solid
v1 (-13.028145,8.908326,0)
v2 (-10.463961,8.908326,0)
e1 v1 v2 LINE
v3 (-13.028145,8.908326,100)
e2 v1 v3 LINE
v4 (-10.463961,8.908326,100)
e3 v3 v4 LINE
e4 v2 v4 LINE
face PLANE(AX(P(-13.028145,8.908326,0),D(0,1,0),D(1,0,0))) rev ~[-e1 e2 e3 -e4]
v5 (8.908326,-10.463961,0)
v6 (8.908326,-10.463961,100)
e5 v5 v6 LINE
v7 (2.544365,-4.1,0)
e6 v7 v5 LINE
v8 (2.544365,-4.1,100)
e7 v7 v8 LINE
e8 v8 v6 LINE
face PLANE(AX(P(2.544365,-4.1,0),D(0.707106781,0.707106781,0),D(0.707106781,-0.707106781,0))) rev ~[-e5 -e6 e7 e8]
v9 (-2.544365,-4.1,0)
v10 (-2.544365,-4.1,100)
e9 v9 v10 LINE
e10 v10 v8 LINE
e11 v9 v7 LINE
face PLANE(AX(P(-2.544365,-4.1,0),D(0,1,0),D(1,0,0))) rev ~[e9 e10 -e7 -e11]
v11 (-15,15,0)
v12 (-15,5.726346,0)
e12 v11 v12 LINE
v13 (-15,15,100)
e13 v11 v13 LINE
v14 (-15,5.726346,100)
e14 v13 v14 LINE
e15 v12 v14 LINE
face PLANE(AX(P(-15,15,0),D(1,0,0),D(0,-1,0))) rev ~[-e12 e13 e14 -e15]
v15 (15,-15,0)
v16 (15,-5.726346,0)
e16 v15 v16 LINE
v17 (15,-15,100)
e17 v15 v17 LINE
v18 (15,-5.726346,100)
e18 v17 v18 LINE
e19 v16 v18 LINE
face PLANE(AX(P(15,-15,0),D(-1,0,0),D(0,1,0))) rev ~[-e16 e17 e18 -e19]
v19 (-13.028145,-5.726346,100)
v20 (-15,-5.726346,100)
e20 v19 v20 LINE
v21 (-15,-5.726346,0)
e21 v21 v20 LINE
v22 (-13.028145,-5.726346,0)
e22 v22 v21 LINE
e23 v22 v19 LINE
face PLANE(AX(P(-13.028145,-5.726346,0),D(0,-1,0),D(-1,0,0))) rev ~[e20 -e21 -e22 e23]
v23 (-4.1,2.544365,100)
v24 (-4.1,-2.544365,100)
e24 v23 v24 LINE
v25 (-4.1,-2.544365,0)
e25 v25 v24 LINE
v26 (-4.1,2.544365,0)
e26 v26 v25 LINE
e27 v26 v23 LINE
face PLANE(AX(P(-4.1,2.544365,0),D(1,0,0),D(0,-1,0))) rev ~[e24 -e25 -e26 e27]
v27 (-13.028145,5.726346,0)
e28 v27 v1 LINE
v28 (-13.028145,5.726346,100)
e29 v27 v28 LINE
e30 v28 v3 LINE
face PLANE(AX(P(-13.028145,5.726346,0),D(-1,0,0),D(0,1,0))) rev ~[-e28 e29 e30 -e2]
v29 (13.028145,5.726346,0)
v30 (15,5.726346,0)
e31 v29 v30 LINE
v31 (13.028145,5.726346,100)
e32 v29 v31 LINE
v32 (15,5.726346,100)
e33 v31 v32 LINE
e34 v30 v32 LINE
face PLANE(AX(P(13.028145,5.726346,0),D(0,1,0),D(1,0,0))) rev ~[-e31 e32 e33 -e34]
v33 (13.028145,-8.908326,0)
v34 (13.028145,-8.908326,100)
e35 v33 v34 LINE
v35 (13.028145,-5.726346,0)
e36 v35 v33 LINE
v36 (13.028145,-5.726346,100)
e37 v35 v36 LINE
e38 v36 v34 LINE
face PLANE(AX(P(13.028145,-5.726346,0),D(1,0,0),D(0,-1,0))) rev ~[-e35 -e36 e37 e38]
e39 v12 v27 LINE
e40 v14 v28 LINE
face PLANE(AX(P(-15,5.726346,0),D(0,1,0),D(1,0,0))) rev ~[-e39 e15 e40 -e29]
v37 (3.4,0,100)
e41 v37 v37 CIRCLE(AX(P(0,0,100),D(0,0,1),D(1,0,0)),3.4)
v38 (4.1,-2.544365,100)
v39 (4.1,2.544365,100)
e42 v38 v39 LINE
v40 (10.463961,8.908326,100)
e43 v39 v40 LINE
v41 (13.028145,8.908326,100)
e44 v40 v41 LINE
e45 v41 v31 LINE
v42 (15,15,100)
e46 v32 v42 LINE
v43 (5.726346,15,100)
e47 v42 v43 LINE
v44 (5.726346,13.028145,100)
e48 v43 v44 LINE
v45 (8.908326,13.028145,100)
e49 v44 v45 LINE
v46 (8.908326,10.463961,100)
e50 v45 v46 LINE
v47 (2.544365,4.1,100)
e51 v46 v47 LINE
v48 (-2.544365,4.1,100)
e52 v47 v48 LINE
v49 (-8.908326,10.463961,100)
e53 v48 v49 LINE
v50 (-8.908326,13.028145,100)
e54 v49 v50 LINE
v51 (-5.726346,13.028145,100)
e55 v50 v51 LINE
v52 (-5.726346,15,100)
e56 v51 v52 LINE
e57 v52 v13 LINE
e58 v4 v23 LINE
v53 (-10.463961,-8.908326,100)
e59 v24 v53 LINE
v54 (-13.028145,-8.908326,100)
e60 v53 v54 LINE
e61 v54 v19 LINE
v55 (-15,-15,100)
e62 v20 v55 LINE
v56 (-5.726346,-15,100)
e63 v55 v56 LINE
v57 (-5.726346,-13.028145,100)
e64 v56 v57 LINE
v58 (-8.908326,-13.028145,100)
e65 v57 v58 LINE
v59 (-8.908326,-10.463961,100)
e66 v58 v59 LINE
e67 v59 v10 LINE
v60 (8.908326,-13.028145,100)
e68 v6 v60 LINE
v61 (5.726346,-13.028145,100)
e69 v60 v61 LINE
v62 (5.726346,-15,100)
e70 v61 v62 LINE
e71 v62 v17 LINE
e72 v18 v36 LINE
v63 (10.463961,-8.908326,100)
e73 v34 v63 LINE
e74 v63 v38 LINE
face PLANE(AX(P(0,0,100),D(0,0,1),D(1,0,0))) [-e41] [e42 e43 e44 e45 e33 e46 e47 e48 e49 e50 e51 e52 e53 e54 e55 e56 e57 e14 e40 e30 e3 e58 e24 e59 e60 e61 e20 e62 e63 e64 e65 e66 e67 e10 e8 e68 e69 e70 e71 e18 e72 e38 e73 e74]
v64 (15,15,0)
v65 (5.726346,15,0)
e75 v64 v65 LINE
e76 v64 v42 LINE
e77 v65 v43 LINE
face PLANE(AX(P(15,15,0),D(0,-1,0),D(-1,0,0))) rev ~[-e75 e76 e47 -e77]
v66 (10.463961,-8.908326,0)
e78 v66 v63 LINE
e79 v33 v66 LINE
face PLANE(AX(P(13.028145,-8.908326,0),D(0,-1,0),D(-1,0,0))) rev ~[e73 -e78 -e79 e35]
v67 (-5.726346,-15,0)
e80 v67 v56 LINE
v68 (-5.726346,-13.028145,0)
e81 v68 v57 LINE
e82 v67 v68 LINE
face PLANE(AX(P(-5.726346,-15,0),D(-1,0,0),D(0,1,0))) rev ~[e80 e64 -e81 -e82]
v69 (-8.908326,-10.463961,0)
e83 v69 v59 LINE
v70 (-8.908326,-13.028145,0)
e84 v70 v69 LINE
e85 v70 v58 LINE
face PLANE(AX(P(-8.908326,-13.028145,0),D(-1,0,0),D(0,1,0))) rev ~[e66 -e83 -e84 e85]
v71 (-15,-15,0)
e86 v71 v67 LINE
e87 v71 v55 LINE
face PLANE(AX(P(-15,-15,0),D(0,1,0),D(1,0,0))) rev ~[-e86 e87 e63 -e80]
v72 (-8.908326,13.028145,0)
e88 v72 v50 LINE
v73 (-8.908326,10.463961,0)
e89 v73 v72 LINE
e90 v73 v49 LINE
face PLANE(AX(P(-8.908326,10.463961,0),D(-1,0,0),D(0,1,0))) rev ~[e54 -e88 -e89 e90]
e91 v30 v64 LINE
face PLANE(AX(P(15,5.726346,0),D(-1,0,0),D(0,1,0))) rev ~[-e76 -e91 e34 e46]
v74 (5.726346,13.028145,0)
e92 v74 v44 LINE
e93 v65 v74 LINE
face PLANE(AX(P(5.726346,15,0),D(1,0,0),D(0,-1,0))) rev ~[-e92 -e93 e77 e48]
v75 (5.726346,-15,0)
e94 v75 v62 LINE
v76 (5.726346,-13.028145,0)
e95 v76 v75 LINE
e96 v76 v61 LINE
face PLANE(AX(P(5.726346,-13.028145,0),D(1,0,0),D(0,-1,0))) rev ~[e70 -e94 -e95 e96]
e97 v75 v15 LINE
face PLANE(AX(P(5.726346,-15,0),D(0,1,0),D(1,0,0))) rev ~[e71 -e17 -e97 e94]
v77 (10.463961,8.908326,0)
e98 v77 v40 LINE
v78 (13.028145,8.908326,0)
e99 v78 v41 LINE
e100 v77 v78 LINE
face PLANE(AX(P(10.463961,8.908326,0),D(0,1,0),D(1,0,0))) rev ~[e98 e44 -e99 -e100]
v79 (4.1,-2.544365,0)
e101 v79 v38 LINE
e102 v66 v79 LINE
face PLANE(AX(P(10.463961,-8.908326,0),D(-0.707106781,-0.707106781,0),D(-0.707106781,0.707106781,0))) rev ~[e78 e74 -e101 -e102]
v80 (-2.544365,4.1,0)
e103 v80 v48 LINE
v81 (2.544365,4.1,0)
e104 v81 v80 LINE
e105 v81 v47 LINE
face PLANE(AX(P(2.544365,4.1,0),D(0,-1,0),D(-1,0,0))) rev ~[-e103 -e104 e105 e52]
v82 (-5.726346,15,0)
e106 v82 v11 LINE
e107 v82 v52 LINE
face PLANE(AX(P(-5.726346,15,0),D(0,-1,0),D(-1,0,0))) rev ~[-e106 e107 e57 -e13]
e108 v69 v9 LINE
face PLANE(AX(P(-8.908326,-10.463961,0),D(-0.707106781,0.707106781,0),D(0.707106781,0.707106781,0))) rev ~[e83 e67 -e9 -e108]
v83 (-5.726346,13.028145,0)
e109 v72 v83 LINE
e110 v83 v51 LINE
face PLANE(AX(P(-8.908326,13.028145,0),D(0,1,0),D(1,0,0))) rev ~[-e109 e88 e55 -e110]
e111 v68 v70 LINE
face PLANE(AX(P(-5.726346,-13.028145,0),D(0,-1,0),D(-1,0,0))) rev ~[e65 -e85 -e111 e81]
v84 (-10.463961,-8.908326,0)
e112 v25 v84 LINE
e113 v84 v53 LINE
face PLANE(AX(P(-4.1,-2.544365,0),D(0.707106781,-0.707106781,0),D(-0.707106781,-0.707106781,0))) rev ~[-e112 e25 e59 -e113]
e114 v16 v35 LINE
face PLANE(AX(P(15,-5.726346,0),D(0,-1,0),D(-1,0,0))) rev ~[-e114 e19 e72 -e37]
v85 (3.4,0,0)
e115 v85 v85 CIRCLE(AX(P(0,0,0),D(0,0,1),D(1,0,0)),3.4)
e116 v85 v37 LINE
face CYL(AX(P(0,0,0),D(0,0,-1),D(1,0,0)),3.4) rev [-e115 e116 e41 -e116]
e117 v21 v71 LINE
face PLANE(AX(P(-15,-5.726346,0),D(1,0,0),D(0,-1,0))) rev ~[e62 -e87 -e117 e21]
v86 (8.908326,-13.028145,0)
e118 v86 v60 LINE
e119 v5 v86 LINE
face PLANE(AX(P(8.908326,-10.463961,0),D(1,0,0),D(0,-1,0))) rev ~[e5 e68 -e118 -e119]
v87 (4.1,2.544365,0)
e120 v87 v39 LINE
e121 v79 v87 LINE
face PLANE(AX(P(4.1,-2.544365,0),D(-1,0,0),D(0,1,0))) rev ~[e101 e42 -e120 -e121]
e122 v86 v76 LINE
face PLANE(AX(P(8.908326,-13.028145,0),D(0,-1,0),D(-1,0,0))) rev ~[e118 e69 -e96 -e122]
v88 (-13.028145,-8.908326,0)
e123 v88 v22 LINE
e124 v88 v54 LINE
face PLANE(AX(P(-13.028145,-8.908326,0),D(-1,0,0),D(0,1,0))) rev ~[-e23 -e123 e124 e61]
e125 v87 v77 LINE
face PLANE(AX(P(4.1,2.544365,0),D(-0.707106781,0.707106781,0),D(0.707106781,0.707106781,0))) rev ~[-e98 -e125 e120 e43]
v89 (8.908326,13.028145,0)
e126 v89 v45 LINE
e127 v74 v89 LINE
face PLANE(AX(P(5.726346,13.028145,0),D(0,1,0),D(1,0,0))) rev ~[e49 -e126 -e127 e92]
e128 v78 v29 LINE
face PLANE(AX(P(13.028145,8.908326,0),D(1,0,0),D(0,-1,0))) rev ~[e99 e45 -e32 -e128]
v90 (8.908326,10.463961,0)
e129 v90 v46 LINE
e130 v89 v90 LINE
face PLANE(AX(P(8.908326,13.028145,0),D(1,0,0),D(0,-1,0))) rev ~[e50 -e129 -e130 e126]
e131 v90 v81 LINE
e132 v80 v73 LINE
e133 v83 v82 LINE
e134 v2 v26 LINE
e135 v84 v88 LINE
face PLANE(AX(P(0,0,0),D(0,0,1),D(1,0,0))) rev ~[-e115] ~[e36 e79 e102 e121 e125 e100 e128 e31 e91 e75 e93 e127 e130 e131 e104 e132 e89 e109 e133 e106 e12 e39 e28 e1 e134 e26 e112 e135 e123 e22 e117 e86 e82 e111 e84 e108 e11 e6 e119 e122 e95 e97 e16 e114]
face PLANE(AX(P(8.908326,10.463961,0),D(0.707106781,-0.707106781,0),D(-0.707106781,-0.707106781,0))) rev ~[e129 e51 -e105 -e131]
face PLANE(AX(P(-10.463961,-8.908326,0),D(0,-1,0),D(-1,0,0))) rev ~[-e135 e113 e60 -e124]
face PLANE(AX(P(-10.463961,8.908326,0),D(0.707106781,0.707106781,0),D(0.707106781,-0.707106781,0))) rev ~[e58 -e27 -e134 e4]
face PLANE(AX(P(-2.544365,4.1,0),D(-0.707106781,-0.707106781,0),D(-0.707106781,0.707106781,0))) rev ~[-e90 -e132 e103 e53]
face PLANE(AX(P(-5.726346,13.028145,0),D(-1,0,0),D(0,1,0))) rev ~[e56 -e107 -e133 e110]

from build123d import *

# Parameters (mm, degrees)
SKETCH3_R           = 3.4
BOSS_EXTRUDE1_DEPTH = 100


with BuildPart() as part:
    # Sketch3 → Boss-Extrude1 (new body)
    with BuildSketch(Plane.XY):
        Polygon((-4.1, 2.544365081), (-4.1, -2.544365081), (-10.463961031, -8.908326112), (-13.02814489, -8.908326112), (-13.02814489, -5.726345597), (-15, -5.726345597), (-15, -15), (-5.726345597, -15), (-5.726345597, -13.02814489), (-8.908326112, -13.02814489), (-8.908326112, -10.463961031), (-2.544365081, -4.1), (2.544365081, -4.1), (8.908326112, -10.463961031), (8.908326112, -13.02814489), (5.726345597, -13.02814489), (5.726345597, -15), (15, -15), (15, -5.726345597), (13.02814489, -5.726345597), (13.02814489, -8.908326112), (10.463961031, -8.908326112), (4.1, -2.544365081), (4.1, 2.544365081), (10.463961031, 8.908326112), (13.02814489, 8.908326112), (13.02814489, 5.726345597), (15, 5.726345597), (15, 15), (5.726345597, 15), (5.726345597, 13.02814489), (8.908326112, 13.02814489), (8.908326112, 10.463961031), (2.544365081, 4.1), (-2.544365081, 4.1), (-8.908326112, 10.463961031), (-8.908326112, 13.02814489), (-5.726345597, 13.02814489), (-5.726345597, 15), (-15, 15), (-15, 5.726345597), (-13.02814489, 5.726345597), (-13.02814489, 8.908326112), (-10.463961031, 8.908326112), align=None)
        Circle(SKETCH3_R, mode=Mode.SUBTRACT)
    extrude(amount=BOSS_EXTRUDE1_DEPTH)


solid = part.part
